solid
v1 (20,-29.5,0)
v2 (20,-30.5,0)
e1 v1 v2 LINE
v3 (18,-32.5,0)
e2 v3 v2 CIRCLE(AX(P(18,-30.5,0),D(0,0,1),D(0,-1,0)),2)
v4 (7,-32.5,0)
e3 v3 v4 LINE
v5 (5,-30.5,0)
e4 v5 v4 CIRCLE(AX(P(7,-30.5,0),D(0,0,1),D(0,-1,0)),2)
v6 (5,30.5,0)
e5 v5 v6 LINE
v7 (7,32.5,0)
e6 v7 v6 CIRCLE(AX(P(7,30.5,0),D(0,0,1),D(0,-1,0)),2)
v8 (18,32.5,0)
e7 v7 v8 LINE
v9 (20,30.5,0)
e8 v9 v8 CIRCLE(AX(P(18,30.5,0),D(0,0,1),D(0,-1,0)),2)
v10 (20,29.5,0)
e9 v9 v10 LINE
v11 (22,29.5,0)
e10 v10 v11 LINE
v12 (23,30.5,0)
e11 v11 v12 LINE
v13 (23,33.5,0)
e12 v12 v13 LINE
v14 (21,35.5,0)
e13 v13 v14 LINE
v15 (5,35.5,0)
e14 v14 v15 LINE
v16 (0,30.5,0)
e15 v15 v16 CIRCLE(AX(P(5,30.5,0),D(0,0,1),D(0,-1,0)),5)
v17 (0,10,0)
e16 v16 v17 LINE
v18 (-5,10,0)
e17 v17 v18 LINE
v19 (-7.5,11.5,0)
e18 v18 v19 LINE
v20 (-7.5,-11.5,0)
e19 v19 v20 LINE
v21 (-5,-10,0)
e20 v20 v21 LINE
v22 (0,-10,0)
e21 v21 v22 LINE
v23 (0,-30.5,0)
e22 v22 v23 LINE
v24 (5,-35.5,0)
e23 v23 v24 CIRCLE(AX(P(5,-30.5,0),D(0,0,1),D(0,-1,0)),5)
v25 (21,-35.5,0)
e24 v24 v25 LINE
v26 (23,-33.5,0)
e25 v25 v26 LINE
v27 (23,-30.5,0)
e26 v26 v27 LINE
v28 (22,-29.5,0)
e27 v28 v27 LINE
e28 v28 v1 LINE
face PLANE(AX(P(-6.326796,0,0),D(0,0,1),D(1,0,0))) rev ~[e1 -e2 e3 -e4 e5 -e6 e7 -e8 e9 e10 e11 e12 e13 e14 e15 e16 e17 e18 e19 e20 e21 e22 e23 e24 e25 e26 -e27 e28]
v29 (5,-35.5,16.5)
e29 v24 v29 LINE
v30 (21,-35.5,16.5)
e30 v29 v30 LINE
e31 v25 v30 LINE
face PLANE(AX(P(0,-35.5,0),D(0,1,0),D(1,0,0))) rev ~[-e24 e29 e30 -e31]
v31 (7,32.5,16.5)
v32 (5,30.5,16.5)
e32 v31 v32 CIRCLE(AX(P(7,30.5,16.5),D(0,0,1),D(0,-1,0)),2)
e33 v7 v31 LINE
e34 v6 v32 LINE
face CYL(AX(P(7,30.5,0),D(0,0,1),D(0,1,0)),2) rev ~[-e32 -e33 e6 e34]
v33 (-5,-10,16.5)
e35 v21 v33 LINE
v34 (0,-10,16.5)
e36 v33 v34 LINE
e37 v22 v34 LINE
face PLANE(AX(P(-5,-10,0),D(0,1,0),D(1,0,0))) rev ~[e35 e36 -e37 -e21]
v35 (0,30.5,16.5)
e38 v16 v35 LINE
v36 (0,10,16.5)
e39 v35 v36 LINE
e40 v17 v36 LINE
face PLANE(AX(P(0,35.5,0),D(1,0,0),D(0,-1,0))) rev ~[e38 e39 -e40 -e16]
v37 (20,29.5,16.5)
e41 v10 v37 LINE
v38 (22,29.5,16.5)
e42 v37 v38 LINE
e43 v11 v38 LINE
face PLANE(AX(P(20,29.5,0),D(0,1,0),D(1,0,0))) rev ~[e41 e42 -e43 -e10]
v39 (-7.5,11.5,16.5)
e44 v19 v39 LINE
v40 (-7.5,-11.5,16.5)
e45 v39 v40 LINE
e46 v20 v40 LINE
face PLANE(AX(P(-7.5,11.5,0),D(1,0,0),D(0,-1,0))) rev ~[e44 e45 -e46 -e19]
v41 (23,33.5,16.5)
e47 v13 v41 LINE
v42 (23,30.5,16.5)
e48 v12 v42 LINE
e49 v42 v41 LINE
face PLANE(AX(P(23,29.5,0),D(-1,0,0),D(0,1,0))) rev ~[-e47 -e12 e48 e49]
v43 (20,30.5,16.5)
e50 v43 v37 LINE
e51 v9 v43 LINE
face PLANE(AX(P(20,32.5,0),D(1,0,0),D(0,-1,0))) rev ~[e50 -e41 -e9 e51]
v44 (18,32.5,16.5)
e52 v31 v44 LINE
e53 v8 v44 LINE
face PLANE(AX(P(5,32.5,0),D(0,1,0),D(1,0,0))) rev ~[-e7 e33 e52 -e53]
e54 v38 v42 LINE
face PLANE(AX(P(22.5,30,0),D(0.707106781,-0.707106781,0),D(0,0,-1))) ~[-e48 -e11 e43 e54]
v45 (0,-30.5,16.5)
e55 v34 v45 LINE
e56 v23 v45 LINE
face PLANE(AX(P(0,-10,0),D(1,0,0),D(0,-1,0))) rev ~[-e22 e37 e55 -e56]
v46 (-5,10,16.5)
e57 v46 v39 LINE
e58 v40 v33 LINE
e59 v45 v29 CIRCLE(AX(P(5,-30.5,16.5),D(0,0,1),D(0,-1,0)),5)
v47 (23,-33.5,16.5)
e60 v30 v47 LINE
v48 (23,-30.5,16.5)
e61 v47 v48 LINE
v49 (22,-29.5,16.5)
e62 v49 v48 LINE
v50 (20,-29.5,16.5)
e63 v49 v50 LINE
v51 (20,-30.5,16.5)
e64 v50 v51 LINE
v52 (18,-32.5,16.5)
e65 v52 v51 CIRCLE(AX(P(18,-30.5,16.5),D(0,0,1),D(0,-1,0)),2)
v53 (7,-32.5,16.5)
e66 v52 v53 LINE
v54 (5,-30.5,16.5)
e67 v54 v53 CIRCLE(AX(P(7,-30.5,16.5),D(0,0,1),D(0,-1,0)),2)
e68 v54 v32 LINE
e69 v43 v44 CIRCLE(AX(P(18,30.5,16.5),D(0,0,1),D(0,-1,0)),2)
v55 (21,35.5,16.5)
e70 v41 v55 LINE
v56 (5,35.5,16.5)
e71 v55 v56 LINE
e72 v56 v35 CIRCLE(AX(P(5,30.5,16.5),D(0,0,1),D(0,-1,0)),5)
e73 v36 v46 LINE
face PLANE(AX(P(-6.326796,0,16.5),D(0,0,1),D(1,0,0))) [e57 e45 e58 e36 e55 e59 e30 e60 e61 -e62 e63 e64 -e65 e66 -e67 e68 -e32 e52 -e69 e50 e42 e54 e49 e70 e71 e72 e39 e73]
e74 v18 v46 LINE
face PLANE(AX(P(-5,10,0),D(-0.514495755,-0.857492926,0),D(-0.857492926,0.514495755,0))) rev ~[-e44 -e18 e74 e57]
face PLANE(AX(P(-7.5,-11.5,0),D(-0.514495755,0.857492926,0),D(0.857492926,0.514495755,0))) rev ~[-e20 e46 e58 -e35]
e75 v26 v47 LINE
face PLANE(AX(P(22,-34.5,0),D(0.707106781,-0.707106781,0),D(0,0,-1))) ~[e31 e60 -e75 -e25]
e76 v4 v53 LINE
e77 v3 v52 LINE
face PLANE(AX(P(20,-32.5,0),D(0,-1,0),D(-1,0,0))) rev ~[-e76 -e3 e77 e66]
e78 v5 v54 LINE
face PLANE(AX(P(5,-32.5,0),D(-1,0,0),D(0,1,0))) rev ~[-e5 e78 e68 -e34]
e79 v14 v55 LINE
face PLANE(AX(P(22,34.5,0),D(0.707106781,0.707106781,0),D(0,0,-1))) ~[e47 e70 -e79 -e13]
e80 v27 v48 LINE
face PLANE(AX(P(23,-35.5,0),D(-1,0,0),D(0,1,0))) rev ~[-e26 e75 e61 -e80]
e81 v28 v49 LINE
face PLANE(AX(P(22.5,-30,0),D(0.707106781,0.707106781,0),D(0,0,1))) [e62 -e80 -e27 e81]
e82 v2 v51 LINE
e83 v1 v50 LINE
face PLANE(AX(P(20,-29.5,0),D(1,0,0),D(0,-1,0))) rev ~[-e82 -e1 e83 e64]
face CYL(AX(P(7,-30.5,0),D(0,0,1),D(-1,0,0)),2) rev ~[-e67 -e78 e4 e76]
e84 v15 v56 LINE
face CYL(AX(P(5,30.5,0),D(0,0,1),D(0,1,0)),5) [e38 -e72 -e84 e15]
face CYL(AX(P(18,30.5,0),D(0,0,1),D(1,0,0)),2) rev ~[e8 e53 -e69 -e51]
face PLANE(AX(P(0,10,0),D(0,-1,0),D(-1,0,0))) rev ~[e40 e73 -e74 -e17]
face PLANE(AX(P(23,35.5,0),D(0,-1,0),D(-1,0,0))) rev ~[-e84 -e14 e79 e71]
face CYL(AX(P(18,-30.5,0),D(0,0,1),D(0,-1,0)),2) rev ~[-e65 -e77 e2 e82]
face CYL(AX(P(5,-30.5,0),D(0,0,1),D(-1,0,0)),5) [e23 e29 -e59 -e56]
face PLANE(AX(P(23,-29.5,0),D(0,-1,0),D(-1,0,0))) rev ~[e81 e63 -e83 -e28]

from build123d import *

# Parameters (mm, degrees)
F1_DEPTH = 16.5
F2_R     = 5
F3_R     = 2
F4_SIZE  = 1
F5_SIZE  = 2
F7_DEPTH = 16.5


with BuildPart() as f1:
    # F0 (on Top) → F1 (new body)
    with BuildSketch(Plane.XY):
        Polygon((23, 35.5), (0, 35.5), (0, 10), (-5, 10), (-5, -10), (0, -10), (0, -35.5), (23, -35.5), (23, -29.5), (20, -29.5), (20, -32.5), (5, -32.5), (5, 32.5), (20, 32.5), (20, 29.5), (23, 29.5), align=None)
    extrude(amount=F1_DEPTH)

    # F2
    f2_edges = [f1.edges().sort_by_distance(p)[0] for p in [
        (0, -35.5, 8.25),
        (0, 35.5, 8.25),
    ]]
    fillet(f2_edges, radius=F2_R)

    # F3
    f3_edges = [f1.edges().sort_by_distance(p)[0] for p in [
        (5, 32.5, 8.25),
        (5, -32.5, 8.25),
        (20, 32.5, 8.25),
        (20, -32.5, 8.25),
    ]]
    fillet(f3_edges, radius=F3_R)

    # F4
    f4_edges = [f1.edges().sort_by_distance(p)[0] for p in [
        (23, 29.5, 8.25),
        (23, -29.5, 8.25),
    ]]
    chamfer(f4_edges, length=F4_SIZE)

    # F5
    f5_edges = [f1.edges().sort_by_distance(p)[0] for p in [
        (23, 35.5, 8.25),
        (23, -35.5, 8.25),
    ]]
    chamfer(f5_edges, length=F5_SIZE)

    # F6 (on Top) → F7 (join)
    with BuildSketch(Plane.XY):
        Polygon((-5, 10), (-7.5, 11.5), (-7.5, -11.5), (-5, -10), align=None)
    extrude(amount=F7_DEPTH)


solid = f1.part
